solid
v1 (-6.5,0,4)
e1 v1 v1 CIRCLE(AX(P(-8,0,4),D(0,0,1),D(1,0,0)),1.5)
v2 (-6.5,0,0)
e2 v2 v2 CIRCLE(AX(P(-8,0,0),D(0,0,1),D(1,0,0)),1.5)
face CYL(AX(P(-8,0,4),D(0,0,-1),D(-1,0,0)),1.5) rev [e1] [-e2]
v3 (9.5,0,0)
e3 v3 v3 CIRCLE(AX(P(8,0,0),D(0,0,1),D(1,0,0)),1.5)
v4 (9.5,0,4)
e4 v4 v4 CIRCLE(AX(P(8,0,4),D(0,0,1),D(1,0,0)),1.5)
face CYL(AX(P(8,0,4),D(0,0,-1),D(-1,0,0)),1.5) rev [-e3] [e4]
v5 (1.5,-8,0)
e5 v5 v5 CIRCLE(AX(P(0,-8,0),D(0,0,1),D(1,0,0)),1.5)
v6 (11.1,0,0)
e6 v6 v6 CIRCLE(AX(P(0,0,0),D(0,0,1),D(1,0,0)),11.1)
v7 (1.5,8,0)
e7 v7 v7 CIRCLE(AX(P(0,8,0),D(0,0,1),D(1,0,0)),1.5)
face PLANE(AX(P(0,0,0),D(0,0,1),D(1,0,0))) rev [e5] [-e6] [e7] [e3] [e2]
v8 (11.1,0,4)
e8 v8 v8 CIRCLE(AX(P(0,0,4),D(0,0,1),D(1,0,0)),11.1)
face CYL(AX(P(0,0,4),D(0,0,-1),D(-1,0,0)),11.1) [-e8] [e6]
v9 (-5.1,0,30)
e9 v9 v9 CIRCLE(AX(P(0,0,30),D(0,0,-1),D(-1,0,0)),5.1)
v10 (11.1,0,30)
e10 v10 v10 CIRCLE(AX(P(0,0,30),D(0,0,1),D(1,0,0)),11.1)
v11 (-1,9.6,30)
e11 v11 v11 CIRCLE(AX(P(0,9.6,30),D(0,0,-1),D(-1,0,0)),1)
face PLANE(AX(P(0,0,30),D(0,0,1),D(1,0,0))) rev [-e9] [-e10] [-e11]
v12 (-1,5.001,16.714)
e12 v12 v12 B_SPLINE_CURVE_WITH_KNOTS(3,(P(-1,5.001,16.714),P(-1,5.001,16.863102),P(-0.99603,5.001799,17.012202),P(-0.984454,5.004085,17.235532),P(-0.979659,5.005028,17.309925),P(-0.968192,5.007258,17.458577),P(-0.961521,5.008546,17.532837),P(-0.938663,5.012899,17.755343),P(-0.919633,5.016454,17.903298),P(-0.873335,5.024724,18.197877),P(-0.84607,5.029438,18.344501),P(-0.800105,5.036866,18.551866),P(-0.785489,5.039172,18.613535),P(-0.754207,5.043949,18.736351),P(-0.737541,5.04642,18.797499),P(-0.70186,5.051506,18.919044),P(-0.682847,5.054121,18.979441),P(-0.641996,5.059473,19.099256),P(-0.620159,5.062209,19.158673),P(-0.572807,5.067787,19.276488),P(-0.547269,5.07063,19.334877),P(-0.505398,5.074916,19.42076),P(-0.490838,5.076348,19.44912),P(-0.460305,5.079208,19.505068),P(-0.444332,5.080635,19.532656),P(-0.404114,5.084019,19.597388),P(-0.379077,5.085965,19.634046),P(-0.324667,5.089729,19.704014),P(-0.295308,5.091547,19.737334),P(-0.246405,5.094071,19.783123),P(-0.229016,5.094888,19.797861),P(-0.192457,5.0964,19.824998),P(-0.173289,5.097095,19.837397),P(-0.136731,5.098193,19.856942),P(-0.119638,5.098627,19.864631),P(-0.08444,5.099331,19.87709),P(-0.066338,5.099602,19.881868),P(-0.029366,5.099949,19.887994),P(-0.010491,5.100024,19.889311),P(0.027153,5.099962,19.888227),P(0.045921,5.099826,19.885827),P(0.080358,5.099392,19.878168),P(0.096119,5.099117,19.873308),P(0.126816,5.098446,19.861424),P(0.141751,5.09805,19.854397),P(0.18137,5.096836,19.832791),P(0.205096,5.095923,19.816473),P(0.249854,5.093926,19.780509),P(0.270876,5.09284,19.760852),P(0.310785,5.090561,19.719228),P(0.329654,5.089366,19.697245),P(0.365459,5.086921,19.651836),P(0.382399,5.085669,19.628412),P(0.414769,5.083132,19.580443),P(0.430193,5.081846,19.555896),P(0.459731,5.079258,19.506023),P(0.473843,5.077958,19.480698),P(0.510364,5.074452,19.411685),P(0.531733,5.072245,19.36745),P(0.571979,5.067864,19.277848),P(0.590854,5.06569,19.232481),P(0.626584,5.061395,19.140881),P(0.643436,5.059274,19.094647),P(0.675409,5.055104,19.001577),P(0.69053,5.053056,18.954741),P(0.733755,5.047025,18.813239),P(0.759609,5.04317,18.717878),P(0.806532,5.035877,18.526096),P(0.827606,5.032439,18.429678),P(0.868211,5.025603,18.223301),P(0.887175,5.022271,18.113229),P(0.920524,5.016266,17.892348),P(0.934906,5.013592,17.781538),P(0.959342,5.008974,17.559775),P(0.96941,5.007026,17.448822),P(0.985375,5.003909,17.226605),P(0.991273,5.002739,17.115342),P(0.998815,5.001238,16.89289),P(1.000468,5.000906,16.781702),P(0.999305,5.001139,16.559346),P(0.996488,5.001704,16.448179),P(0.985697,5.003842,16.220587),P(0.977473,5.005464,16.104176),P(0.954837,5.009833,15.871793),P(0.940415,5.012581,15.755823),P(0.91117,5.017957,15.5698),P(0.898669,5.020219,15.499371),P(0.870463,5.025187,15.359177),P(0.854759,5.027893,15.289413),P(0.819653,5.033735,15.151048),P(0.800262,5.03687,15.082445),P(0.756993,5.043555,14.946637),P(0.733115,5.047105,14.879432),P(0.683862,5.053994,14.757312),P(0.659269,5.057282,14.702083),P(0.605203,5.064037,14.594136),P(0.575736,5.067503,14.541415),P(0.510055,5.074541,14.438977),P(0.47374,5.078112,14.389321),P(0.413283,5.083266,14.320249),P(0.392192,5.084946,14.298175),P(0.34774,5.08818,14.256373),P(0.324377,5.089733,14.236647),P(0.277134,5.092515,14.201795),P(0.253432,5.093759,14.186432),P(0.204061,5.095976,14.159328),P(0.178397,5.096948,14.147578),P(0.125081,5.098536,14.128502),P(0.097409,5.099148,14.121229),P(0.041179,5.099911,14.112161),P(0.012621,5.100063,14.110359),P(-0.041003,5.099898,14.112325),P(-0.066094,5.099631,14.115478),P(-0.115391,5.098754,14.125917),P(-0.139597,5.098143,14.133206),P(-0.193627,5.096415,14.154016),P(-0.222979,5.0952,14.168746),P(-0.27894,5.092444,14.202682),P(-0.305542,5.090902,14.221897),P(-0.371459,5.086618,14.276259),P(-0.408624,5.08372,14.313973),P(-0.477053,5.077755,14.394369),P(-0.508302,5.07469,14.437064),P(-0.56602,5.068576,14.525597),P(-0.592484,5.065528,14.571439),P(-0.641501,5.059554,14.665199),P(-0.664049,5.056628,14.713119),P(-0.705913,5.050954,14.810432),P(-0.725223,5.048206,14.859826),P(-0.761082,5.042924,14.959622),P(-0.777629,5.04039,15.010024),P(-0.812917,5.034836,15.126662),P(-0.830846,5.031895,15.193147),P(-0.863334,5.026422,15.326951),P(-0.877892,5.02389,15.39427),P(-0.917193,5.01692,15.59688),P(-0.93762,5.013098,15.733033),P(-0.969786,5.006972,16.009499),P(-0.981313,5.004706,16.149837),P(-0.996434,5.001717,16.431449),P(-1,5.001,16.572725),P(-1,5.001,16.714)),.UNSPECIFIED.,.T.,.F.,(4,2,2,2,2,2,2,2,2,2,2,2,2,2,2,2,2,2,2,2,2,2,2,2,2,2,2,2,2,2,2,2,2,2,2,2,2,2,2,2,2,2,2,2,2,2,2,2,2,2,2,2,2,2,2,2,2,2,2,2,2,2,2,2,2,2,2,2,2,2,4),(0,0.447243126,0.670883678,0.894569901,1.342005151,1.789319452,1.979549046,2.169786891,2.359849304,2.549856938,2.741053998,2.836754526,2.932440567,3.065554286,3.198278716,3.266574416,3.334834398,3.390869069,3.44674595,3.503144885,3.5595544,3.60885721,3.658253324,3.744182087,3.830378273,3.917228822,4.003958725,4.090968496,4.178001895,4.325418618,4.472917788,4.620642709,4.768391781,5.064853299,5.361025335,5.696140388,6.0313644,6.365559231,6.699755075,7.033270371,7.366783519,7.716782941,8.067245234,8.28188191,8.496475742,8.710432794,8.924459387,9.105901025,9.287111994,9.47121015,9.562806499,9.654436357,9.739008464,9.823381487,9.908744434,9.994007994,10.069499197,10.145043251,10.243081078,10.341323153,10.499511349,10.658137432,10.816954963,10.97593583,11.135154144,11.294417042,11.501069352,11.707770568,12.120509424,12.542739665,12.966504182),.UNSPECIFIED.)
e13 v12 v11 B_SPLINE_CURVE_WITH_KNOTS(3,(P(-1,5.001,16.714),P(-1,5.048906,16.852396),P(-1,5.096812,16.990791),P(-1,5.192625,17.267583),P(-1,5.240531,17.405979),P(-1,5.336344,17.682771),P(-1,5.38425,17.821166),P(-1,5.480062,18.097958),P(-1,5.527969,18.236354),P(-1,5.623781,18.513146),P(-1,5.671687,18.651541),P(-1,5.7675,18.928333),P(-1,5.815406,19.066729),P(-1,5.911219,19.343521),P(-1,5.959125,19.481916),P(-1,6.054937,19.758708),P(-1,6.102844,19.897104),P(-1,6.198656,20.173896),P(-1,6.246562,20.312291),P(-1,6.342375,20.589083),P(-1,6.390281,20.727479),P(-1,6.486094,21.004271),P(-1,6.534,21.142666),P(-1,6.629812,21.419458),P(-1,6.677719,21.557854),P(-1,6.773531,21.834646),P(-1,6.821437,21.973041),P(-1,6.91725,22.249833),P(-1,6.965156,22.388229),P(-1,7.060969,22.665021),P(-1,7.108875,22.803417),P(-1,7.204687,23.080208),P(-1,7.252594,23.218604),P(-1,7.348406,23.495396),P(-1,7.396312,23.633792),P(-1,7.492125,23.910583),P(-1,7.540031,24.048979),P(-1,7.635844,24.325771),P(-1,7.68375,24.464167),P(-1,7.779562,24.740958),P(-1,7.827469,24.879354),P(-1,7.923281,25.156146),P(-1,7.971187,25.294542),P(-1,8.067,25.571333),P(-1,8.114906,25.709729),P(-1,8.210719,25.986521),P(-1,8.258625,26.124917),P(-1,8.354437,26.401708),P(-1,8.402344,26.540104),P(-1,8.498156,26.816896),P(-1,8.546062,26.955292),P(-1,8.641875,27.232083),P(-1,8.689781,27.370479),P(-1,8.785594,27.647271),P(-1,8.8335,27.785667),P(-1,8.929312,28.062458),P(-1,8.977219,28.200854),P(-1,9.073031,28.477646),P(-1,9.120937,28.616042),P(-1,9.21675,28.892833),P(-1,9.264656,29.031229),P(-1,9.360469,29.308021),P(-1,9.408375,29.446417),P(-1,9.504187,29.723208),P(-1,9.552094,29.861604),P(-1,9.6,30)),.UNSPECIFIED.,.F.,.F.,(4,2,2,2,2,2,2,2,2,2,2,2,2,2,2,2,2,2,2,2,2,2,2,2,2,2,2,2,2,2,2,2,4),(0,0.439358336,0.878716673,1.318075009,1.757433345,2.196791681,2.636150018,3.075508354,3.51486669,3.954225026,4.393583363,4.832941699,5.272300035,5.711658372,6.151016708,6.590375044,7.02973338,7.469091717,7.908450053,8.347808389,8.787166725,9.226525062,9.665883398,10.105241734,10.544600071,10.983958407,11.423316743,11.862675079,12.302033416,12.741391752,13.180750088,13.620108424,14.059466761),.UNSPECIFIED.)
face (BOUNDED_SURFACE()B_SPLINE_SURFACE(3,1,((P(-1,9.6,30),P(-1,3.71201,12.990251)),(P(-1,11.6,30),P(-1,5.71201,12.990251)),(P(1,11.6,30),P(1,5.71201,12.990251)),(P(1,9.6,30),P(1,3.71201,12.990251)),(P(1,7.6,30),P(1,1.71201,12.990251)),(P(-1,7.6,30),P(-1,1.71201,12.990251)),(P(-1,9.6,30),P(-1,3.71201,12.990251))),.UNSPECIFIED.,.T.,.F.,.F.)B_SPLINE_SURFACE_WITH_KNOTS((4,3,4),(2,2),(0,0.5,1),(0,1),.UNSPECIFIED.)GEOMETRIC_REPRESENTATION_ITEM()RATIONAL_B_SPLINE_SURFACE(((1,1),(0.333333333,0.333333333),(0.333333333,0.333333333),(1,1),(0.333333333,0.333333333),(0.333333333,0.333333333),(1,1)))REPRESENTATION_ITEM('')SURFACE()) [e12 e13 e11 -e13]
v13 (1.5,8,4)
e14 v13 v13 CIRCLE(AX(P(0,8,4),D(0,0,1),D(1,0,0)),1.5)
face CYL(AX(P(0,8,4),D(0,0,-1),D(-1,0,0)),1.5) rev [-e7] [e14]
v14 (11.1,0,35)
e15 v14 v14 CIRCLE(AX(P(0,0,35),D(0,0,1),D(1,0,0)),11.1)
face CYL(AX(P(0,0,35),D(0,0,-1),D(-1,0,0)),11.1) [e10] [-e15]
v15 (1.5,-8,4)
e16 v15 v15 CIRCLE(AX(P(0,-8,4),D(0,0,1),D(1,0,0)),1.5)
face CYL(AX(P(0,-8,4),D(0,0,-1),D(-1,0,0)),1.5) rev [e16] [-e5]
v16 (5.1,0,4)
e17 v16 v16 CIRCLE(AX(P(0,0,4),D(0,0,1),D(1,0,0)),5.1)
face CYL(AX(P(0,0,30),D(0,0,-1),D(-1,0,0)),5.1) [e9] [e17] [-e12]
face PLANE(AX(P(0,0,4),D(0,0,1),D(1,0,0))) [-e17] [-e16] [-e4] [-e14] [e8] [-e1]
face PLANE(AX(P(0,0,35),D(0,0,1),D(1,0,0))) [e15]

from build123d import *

# Parameters (mm, degrees)
SKETCH3_R           = 11.1
SKETCH3_R_2         = 5.1
SKETCH3_R_3         = 1.5
BOSS_EXTRUDE5_DEPTH = 4
SKETCH16_R          = 5.1
BOSS_EXTRUDE6_DEPTH = 30
SKETCH17_R          = 11.1
BOSS_EXTRUDE8_DEPTH = 5
SKETCH19_R          = 1


with BuildPart() as part:
    # Sketch3 → Boss-Extrude5 (new body)
    with BuildSketch(Plane.XY):
        Circle(SKETCH3_R)
        Circle(SKETCH3_R_2, mode=Mode.SUBTRACT)
        with Locations((0, 8)):
            Circle(SKETCH3_R_3, mode=Mode.SUBTRACT)
        with Locations((8, 0)):
            Circle(SKETCH3_R_3, mode=Mode.SUBTRACT)
        with Locations((0, -8)):
            Circle(SKETCH3_R_3, mode=Mode.SUBTRACT)
        with Locations((-8, 0)):
            Circle(SKETCH3_R_3, mode=Mode.SUBTRACT)
    extrude(amount=BOSS_EXTRUDE5_DEPTH)

    # Sketch16 → Boss-Extrude6 (add)
    with BuildSketch(Plane(origin=(0, 0, 0), x_dir=(-1, 0, 0), z_dir=(0, 0, -1))):
        Circle(SKETCH16_R)
    extrude(amount=-BOSS_EXTRUDE6_DEPTH)

    # Sketch17 → Boss-Extrude8 (add)
    with BuildSketch(Plane.XY.offset(30)):
        Circle(SKETCH17_R)
    extrude(amount=BOSS_EXTRUDE8_DEPTH)

    # Sweep1: sweep along a path in Sketch20
    with BuildLine(Plane(origin=(0, 0, 0), x_dir=(0, 0, -1), z_dir=(1, 0, 0))) as sweep1_path:
        Line((-30, 9.6), (-12.990250678, 3.71200985))
    # Sketch19 → Sweep1 (sweep)
    with BuildSketch(Plane(origin=(0, 0, 30), x_dir=(-1, 0, 0), z_dir=(0, 0, -1))):
        with Locations((0, 9.6)):
            Circle(SKETCH19_R)
    sweep(path=sweep1_path.line)


solid = part.part
